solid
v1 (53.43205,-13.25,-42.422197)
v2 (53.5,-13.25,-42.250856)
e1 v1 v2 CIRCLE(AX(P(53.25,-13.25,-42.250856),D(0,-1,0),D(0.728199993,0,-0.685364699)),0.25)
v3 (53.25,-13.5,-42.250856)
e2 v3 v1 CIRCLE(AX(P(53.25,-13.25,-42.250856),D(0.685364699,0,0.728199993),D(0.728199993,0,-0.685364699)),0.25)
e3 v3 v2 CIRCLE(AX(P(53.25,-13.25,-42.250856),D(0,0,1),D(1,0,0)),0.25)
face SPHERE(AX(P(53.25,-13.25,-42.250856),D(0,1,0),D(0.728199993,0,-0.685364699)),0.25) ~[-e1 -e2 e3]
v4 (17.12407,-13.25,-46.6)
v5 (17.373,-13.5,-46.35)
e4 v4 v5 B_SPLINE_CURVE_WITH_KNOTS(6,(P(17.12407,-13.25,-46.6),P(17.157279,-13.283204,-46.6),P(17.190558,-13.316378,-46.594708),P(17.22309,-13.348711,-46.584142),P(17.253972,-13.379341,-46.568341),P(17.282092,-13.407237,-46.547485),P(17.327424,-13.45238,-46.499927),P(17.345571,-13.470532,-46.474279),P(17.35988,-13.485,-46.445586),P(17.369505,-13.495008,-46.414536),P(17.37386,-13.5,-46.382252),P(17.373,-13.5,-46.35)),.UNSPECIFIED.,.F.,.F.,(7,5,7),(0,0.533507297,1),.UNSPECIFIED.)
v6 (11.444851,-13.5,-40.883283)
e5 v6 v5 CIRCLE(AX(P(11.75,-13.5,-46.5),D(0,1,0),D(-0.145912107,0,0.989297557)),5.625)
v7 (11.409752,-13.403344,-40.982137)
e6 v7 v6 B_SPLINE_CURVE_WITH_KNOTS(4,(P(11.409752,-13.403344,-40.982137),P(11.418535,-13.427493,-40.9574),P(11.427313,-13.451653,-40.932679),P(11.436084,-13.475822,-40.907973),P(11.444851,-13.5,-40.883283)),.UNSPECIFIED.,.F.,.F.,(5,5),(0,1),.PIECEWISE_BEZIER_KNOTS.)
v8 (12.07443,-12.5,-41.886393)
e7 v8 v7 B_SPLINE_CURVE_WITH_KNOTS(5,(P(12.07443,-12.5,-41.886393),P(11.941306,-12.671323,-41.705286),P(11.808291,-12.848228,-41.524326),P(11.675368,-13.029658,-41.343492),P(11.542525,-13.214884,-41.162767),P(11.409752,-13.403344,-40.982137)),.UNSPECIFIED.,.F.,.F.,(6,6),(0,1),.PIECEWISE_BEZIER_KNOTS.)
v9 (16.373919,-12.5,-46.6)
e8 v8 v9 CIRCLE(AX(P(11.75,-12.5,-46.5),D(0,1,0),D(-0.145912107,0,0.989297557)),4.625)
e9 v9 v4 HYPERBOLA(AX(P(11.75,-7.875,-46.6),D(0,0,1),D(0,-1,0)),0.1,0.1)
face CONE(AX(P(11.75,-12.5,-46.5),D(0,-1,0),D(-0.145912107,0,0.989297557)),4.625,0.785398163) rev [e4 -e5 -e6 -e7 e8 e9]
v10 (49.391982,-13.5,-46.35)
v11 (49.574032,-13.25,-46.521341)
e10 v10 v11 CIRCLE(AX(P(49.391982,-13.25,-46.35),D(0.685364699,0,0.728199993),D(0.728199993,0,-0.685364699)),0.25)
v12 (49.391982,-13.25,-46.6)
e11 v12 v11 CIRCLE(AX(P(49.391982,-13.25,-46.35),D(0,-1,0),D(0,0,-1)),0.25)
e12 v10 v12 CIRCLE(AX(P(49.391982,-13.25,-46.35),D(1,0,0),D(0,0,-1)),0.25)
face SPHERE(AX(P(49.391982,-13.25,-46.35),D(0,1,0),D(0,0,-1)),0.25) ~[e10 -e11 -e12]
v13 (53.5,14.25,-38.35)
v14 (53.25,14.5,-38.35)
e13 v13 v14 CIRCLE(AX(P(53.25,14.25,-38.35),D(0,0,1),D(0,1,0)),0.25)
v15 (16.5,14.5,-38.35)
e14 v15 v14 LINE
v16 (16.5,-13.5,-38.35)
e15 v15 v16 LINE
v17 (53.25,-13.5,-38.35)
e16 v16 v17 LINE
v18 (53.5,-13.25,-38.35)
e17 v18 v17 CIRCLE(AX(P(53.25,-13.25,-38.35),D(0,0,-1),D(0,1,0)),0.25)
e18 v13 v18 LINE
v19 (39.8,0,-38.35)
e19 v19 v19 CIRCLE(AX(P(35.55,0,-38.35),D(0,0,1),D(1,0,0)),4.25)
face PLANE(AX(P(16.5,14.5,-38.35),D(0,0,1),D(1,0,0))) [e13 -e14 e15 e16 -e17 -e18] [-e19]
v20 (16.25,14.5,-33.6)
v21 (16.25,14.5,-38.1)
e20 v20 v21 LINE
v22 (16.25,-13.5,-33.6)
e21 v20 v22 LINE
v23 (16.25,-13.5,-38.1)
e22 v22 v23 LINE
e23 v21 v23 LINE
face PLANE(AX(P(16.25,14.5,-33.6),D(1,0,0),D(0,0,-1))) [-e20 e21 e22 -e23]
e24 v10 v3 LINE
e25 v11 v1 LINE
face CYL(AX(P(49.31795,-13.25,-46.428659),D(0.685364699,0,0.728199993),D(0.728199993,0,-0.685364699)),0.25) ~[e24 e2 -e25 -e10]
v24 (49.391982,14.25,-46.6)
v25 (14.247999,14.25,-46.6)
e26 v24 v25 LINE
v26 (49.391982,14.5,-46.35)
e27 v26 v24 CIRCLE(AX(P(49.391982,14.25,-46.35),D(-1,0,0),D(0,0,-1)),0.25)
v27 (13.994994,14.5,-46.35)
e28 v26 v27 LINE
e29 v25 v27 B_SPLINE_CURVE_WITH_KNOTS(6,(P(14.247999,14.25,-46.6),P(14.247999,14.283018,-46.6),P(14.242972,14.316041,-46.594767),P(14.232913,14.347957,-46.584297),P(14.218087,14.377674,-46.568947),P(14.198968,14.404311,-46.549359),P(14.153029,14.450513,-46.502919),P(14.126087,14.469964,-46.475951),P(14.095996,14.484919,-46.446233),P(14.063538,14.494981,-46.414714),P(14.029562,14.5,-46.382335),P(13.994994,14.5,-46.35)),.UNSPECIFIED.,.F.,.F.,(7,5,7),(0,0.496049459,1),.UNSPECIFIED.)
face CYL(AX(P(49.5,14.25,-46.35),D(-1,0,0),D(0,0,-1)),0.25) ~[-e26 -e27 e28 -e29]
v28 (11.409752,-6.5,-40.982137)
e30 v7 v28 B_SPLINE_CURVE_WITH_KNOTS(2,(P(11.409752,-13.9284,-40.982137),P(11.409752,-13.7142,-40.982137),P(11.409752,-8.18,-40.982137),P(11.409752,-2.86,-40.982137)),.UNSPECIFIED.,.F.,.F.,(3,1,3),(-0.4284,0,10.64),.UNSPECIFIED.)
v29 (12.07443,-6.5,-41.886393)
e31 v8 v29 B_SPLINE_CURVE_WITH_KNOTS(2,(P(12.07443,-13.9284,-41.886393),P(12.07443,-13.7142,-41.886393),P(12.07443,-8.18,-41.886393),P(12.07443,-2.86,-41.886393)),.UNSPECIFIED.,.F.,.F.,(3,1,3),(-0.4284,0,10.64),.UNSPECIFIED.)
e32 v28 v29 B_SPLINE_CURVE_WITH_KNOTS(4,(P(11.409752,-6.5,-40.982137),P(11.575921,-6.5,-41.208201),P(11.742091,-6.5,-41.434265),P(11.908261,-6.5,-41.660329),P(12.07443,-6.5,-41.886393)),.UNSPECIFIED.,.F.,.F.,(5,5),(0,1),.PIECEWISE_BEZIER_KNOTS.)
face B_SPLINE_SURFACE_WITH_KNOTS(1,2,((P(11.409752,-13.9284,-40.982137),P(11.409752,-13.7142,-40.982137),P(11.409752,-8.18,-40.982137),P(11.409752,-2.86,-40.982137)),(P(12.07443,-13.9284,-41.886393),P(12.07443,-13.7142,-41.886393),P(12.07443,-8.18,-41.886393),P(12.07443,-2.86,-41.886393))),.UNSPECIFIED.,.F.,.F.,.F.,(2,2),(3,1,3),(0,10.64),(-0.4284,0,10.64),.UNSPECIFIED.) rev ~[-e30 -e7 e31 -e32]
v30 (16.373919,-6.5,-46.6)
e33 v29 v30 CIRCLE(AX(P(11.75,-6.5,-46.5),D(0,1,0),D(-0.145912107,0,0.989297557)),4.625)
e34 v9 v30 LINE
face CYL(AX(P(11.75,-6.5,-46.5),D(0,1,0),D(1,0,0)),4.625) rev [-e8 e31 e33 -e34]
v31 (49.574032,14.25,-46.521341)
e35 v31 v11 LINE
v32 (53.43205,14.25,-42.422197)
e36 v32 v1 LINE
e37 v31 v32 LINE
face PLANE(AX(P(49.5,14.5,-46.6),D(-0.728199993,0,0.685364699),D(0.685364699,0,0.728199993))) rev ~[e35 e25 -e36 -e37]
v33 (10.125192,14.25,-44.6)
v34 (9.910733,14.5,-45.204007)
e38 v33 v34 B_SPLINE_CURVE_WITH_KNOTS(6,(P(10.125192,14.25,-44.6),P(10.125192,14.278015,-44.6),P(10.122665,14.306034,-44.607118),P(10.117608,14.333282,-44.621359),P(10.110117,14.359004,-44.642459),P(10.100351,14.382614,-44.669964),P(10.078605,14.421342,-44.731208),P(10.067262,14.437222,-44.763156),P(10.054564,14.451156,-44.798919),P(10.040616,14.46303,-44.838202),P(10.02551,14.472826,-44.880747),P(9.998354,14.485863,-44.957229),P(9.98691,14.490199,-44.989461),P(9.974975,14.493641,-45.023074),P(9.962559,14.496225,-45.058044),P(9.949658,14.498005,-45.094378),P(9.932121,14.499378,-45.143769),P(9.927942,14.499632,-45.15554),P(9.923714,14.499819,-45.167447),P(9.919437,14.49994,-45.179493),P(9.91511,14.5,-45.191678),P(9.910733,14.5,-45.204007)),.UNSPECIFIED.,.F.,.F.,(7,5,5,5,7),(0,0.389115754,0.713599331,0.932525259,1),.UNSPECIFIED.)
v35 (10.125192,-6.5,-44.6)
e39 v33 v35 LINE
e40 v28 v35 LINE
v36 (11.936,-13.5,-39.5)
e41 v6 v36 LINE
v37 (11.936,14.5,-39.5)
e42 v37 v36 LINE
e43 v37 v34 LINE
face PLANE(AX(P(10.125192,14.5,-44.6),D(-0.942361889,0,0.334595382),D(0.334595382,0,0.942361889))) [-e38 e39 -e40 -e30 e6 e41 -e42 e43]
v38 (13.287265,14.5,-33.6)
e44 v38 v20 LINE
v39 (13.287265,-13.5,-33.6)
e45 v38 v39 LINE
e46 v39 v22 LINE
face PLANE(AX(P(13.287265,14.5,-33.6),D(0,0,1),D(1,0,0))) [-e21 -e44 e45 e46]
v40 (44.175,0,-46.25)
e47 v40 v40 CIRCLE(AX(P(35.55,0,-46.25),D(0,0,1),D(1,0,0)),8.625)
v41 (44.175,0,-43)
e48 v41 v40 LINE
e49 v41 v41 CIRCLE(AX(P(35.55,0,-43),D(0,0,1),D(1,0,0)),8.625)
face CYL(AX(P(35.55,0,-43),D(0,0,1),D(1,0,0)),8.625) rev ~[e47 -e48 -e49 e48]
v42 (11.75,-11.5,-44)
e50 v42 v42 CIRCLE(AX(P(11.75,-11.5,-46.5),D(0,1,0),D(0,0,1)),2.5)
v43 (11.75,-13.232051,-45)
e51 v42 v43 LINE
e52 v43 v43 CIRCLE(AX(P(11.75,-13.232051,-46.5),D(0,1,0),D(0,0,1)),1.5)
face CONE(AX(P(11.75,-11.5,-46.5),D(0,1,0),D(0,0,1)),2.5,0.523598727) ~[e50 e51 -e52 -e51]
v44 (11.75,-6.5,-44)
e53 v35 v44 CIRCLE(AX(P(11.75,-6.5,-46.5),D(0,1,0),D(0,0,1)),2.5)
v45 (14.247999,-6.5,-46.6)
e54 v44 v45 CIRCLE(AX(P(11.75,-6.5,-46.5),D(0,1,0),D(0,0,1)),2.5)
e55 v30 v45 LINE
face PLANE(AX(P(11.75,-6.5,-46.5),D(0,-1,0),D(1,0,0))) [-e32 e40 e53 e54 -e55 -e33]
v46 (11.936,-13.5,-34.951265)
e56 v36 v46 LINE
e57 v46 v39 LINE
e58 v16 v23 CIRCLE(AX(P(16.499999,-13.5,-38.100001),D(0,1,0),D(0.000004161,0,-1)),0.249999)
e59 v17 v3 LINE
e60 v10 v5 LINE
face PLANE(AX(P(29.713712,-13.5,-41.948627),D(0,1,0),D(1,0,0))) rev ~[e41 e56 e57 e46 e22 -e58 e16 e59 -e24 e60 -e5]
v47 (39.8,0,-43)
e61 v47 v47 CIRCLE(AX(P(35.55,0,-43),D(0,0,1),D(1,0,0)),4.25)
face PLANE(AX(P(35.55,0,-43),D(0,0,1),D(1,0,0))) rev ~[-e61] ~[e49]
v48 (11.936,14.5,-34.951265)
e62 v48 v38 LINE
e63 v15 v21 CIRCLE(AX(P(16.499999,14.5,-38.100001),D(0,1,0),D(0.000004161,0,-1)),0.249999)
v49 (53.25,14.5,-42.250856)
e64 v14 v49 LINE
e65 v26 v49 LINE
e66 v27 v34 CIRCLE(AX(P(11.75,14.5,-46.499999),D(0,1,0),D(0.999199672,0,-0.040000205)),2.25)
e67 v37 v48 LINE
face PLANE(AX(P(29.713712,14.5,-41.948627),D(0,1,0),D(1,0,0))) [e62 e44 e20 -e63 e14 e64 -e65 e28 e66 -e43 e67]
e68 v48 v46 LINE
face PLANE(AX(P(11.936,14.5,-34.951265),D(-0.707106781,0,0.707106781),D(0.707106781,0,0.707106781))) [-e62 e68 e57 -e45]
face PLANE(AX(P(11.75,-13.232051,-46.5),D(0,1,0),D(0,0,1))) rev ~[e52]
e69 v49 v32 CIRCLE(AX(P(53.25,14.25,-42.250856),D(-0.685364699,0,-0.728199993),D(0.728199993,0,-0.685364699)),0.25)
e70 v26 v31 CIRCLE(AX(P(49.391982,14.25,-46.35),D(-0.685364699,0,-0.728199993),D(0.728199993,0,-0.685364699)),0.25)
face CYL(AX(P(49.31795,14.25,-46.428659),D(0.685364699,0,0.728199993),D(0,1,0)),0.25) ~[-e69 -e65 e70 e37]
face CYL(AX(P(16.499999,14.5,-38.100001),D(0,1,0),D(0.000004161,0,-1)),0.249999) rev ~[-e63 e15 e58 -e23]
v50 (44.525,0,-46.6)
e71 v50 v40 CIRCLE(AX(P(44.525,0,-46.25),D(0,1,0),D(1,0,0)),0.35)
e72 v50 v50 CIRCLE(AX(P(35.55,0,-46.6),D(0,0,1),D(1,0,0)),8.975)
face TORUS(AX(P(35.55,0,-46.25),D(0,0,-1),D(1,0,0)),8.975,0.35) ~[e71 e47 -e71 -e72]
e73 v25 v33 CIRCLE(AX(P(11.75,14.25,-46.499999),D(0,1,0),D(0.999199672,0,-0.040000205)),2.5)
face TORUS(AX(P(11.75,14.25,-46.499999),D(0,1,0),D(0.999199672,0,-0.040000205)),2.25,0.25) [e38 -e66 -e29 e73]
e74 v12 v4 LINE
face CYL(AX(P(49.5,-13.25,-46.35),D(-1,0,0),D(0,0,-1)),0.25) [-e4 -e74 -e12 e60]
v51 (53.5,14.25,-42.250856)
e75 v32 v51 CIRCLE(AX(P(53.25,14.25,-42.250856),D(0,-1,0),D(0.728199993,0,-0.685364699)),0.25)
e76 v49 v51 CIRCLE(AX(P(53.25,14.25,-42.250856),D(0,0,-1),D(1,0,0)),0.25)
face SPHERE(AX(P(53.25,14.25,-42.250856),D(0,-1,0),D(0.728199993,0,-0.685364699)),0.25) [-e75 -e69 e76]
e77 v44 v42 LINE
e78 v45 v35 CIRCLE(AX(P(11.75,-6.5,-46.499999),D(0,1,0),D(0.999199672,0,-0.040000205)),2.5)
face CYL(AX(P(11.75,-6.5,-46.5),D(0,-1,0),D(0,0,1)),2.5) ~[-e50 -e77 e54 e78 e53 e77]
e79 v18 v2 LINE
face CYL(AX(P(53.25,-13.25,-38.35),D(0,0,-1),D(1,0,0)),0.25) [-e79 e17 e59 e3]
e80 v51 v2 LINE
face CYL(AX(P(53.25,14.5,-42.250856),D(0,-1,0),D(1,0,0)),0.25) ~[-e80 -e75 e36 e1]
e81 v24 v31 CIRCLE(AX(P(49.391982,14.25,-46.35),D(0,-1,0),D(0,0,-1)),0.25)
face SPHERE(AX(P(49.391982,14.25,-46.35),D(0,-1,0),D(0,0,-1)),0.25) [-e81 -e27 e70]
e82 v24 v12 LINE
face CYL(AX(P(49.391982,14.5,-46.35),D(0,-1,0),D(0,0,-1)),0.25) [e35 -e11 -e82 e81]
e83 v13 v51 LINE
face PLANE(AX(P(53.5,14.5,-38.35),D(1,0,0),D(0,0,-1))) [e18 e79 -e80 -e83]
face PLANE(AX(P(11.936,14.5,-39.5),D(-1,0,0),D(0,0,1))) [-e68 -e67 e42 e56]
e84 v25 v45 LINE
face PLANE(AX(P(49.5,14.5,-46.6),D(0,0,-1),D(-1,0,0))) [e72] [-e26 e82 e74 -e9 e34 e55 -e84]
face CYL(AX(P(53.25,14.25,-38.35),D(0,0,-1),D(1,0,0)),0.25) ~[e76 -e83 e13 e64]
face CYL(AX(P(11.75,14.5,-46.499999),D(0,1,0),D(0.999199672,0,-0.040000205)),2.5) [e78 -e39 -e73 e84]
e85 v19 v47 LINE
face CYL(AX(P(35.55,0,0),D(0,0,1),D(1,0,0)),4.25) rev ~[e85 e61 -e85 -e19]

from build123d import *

# Parameters (mm, degrees)
PAD007_DEPTH    = 28
SKETCH013_R     = 4.625
POCKET004_DEPTH = 7
SKETCH015_R     = 4.25
POCKET005_DEPTH = 49.001
SKETCH016_R     = 8.625
POCKET006_DEPTH = 4
CHAMFER_SIZE    = 1
FILLET007_R     = 0.25
FILLET008_R     = 0.35


with BuildPart() as part:
    # Sketch012 → Pad007 (new body)
    with BuildSketch(Plane(origin=(16, 14.5, -38.1), x_dir=(1, 0, 0), z_dir=(0, 1, 0))):
        with BuildLine():
            Line((0.5, 0.25), (37.5, 0.25))
            Line((37.5, 0.25), (37.5, 4.25))
            Line((33.5, 8.5), (37.5, 4.25))
            Line((33.5, 8.5), (-1.752001, 8.5))
            ThreePointArc((-1.752001, 8.5), (-5.341153, 10.649307), (-5.874808, 6.5))
            Line((-5.874808, 6.5), (-4.064, 1.4))
            Line((-4.064, 1.4), (-4.064, -3.148735))
            Line((-4.064, -3.148735), (-2.712735, -4.5))
            Line((-2.712735, -4.5), (0.25, -4.5))
            Line((0.25, -4.5), (0.25, 0))
            ThreePointArc((0.5, 0.25), (0.323223, 0.176777), (0.25, 0))
        make_face()
    extrude(amount=-PAD007_DEPTH)

    # Sketch013 → Pocket004 (cut)
    with BuildSketch(Plane.XZ.offset(6.5)):
        with Locations((11.75, -46.5)):
            Circle(SKETCH013_R)
    extrude(amount=POCKET004_DEPTH, mode=Mode.SUBTRACT)

    # Sketch014 → Revolution001 (revolve)
    with BuildSketch(Plane(origin=(11.75, -6.5, -46.5), x_dir=(0, 1, 0), z_dir=(1, 0, 0))):
        Polygon((-6.732051, 1.5), (-6.732051, 0), (0, 0), (0, 2.5), (-5, 2.5), align=None)
    revolve(axis=Axis((11.75, -6.5, -46.5), (0, 1, 0)))

    # Sketch015 → Pocket005 (cut, through all)
    with BuildSketch(Plane.XY):
        with Locations((35.55, 0)):
            Circle(SKETCH015_R)
    extrude(amount=-POCKET005_DEPTH, mode=Mode.SUBTRACT)

    # Sketch016 → Pocket006 (cut)
    with BuildSketch(Plane.XY.offset(-43)):
        with Locations((35.55, 0)):
            Circle(SKETCH016_R)
    extrude(amount=-POCKET006_DEPTH, mode=Mode.SUBTRACT)

    # Chamfer
    chamfer_edges = [part.edges().sort_by_distance(p)[0] for p in [
        (14.772373, -13.5, -42.999159),
        (11.075157, -10, -41.924499),
    ]]
    chamfer(chamfer_edges, length=CHAMFER_SIZE)

    # Fillet007
    fillet007_edges = [part.edges().sort_by_distance(p)[0] for p in [
        (33.437056, -13.5, -46.6),
        (51.5, -13.5, -44.475),
        (53.5, -13.5, -40.35),
        (53.5, 14.5, -40.35),
        (53.5, 0.5, -42.35),
        (51.5, 14.5, -44.475),
        (49.5, 0.5, -46.6),
        (31.874, 14.5, -46.6),
        (10.658847, 14.5, -48.749307),
    ]]
    fillet(fillet007_edges, radius=FILLET007_R)

    # Fillet008
    fillet008_edges = [part.edges().sort_by_distance(p)[0] for p in [
        (26.925, 0, -46.6),
    ]]
    fillet(fillet008_edges, radius=FILLET008_R)


solid = part.part
